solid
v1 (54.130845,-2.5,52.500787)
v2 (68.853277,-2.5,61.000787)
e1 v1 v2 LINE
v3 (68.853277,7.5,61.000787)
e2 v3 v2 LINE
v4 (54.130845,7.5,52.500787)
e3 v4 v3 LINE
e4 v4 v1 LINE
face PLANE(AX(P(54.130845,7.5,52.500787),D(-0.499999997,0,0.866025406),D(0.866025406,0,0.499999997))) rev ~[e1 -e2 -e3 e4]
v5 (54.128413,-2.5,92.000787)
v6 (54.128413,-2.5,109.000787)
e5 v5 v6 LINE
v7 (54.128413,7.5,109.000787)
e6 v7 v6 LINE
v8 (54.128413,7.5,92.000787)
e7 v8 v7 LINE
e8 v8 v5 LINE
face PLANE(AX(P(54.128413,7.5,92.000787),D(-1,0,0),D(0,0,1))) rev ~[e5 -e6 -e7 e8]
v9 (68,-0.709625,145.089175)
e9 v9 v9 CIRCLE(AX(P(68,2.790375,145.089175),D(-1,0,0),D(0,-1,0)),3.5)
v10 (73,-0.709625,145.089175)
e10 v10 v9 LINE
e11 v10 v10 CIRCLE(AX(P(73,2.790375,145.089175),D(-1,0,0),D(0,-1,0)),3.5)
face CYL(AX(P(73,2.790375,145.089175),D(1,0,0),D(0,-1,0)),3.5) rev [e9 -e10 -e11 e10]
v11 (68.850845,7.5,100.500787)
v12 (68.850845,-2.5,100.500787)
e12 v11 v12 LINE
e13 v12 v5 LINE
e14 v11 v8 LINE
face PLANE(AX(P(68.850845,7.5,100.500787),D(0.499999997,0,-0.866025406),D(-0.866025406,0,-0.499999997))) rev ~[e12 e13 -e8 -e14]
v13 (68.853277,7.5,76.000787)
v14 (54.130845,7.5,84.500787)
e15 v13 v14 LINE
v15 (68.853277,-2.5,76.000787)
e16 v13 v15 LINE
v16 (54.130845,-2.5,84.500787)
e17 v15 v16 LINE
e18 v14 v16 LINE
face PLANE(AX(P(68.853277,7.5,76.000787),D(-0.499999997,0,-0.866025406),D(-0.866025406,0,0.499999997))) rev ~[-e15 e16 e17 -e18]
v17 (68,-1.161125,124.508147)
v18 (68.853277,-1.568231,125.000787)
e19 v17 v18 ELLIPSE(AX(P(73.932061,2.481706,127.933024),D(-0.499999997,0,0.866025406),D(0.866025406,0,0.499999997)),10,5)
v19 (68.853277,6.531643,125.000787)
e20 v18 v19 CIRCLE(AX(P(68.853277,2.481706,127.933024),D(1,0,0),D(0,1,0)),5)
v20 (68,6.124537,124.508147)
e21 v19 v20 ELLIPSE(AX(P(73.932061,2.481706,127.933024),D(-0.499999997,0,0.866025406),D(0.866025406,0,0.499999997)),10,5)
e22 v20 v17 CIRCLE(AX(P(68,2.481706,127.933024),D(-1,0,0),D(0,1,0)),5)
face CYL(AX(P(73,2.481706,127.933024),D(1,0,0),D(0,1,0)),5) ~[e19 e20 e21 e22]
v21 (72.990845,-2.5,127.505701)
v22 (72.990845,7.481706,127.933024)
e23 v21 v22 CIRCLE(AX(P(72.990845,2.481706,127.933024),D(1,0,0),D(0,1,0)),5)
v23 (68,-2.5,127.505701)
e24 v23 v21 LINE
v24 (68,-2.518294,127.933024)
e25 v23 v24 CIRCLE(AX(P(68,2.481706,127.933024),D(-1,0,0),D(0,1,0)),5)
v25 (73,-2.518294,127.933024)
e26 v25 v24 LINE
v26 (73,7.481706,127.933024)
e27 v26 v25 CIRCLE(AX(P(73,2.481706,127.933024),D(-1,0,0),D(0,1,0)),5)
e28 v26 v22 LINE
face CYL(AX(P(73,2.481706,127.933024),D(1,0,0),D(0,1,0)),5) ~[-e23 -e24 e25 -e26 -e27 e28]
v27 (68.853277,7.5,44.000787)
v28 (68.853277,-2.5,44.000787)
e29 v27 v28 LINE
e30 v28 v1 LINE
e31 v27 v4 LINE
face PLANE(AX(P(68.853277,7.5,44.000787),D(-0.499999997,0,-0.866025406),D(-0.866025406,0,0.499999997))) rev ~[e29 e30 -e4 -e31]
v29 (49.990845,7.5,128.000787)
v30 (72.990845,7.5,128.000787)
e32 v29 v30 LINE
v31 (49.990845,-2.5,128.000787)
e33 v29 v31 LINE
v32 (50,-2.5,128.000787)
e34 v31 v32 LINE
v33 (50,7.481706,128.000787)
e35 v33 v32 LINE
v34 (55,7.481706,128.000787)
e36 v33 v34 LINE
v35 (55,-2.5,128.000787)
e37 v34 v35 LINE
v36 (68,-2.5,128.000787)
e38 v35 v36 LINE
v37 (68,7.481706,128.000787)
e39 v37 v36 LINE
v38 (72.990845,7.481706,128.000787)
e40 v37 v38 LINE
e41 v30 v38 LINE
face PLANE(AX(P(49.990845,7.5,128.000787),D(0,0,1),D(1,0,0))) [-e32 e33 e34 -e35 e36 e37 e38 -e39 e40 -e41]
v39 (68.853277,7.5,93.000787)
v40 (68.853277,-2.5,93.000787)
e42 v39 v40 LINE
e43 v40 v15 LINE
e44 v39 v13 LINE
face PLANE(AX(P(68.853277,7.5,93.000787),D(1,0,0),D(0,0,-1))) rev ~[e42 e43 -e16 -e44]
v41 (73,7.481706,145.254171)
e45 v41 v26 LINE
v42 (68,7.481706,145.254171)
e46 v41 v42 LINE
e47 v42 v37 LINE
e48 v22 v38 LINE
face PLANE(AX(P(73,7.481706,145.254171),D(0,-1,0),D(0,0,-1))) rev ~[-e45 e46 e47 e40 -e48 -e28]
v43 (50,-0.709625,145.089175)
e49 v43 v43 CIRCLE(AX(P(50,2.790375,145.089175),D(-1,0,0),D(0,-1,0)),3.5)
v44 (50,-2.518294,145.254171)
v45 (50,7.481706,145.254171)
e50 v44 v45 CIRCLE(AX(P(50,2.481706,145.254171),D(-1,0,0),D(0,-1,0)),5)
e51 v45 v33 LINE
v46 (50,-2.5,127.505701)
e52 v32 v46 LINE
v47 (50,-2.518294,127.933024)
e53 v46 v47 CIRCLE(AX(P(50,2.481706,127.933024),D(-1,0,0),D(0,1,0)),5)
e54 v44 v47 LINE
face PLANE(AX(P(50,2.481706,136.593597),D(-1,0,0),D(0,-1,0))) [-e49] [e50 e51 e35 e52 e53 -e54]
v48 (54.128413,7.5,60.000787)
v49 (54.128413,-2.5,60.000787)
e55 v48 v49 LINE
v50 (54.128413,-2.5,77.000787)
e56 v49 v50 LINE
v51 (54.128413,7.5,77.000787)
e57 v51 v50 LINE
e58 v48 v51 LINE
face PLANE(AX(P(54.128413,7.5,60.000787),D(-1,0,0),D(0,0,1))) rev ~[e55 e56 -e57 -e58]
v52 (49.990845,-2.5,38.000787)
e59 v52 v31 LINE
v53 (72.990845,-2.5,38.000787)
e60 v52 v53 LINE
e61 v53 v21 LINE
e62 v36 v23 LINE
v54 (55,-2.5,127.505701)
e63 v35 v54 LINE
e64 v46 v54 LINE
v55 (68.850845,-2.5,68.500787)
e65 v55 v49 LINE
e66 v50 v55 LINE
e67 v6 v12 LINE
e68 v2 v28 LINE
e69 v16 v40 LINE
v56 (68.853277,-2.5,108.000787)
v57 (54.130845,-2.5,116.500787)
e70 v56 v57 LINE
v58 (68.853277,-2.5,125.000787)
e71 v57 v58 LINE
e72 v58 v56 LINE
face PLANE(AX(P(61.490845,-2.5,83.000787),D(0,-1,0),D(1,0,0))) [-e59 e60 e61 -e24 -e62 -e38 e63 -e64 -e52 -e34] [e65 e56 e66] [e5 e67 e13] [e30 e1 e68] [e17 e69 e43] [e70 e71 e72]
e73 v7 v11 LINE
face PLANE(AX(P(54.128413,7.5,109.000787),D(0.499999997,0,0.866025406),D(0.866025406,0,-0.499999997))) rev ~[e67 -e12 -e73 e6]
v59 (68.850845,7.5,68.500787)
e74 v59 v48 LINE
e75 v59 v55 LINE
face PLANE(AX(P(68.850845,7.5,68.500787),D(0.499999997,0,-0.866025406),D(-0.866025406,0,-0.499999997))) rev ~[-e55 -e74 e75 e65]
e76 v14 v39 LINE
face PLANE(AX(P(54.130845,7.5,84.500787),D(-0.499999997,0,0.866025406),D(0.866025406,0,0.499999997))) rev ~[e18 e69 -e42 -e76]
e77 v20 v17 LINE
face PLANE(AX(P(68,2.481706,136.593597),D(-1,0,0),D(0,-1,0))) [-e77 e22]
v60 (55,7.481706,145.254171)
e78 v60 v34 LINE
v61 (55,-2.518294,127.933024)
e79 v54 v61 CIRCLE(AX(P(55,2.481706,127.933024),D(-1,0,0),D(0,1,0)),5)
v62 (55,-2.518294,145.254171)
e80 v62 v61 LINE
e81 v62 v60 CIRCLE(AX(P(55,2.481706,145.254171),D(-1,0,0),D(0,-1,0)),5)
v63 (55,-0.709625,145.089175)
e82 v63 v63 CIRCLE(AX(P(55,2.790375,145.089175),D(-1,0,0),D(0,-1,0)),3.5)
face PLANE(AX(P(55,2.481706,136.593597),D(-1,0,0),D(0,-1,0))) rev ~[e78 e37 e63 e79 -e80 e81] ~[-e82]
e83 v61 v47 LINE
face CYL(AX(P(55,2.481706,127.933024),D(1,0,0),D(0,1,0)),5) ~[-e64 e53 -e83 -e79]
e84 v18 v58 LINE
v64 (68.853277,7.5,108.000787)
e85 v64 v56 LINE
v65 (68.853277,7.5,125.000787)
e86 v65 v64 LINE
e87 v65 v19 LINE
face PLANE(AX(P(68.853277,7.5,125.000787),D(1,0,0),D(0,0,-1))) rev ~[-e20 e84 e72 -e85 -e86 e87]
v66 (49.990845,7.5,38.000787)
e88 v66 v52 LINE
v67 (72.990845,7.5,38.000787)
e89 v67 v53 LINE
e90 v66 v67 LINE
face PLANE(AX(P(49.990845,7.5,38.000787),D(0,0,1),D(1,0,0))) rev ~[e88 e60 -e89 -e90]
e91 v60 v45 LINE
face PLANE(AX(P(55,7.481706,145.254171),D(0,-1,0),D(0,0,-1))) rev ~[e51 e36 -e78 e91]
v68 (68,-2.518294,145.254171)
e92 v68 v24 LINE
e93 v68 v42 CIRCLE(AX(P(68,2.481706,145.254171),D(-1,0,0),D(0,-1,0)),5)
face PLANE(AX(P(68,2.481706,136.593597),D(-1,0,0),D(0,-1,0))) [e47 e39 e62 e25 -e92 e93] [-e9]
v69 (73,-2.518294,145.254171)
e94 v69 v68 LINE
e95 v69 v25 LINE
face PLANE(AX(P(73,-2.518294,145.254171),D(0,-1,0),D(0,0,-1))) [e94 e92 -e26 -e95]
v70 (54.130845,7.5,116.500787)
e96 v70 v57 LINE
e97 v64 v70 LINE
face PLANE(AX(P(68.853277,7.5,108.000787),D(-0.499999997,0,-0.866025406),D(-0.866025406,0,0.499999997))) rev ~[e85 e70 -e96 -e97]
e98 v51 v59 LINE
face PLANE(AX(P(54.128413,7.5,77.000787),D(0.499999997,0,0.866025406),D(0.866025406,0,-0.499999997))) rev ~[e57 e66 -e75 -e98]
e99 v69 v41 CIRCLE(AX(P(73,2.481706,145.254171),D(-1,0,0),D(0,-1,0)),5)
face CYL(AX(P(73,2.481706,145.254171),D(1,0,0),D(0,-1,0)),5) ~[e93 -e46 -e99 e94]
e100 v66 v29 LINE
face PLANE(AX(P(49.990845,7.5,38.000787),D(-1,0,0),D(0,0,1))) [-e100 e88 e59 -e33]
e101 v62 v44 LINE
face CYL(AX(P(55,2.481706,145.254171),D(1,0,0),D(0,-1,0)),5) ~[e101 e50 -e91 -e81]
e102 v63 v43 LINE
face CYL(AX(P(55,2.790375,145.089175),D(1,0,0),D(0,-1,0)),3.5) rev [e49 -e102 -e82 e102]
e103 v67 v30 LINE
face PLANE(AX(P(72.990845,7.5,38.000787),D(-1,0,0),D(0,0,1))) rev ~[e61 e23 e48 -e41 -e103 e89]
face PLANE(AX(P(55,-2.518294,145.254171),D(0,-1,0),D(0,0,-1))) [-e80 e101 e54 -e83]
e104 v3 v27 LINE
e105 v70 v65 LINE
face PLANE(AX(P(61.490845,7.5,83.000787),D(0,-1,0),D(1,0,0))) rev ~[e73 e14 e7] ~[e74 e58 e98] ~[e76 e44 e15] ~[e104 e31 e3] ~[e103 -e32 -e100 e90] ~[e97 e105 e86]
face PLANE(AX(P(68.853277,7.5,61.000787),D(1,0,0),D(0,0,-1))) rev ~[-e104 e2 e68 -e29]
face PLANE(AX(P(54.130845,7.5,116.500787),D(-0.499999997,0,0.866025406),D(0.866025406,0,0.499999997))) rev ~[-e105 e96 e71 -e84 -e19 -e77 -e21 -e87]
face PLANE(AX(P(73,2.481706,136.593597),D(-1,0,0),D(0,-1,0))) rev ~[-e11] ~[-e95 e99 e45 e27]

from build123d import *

# Parameters (mm, degrees)
SKETCH039_R      = 3.5
EXTRUDE058_DEPTH = 5
SKETCH029_W      = 23
SKETCH029_H      = 90
EXTRUDE028_DEPTH = 10


with BuildPart() as union_centro_arriba:
    # Sketch039 → Extrude058 (new body)
    with BuildSketch(Plane(origin=(0, 0, 0), x_dir=(0, -1, 0), z_dir=(-1, 0, 0))):
        with BuildLine():
            ThreePointArc((2.488294, 145.254171), (-2.511706, 150.254171), (-7.511706, 145.254171))
            Line((-7.511706, 145.254171), (-7.511706, 127.933024))
            ThreePointArc((-7.511706, 127.933024), (-2.511706, 122.933024), (2.488294, 127.933024))
            Line((2.488294, 145.254171), (2.488294, 127.933024))
        make_face()
        with Locations((-2.820375, 145.089175)):
            Circle(SKETCH039_R, mode=Mode.SUBTRACT)
    extrude(amount=EXTRUDE058_DEPTH)


with BuildPart() as union_centro_arriba_1:
    # Extrude058 placement: moved
    add(union_centro_arriba.part.moved(Location((55, -0.03, 0))))


with BuildPart() as union_centro_arriba001:
    # Link022 base: copy of union centro_arriba
    add(union_centro_arriba_1.part)


with BuildPart() as union_centro_arriba001_1:
    # Link022 placement: moved
    add(union_centro_arriba001.part.moved(Location((18, 0, 0))))


with BuildPart() as brazo_delantero:
    # Sketch029 → Extrude028 (new body)
    with BuildSketch(Plane.XZ):
        with Locations((68.040845, 88.110787)):
            Rectangle(SKETCH029_W, SKETCH029_H)
        Polygon((60.680845, 57.610787), (75.403277, 66.110787), (75.403277, 49.110787), align=None, mode=Mode.SUBTRACT)
        Polygon((60.678413, 65.110787), (60.678413, 82.110787), (75.400845, 73.610787), align=None, mode=Mode.SUBTRACT)
        Polygon((60.680845, 89.610787), (75.403277, 98.110787), (75.403277, 81.110787), align=None, mode=Mode.SUBTRACT)
        Polygon((60.678413, 97.110787), (60.678413, 114.110787), (75.400845, 105.610787), align=None, mode=Mode.SUBTRACT)
        Polygon((60.680845, 121.610787), (75.403277, 130.110787), (75.403277, 113.110787), align=None, mode=Mode.SUBTRACT)
    extrude(amount=EXTRUDE028_DEPTH)


with BuildPart() as brazo_delantero_1:
    # Extrude028 placement: moved
    add(brazo_delantero.part.moved(Location((-6.55, 7.5, -5.11))))

    # Fusion: union union centro_arriba, union centro_arriba001
    add(union_centro_arriba_1.part)
    add(union_centro_arriba001_1.part)


solid = brazo_delantero_1.part
